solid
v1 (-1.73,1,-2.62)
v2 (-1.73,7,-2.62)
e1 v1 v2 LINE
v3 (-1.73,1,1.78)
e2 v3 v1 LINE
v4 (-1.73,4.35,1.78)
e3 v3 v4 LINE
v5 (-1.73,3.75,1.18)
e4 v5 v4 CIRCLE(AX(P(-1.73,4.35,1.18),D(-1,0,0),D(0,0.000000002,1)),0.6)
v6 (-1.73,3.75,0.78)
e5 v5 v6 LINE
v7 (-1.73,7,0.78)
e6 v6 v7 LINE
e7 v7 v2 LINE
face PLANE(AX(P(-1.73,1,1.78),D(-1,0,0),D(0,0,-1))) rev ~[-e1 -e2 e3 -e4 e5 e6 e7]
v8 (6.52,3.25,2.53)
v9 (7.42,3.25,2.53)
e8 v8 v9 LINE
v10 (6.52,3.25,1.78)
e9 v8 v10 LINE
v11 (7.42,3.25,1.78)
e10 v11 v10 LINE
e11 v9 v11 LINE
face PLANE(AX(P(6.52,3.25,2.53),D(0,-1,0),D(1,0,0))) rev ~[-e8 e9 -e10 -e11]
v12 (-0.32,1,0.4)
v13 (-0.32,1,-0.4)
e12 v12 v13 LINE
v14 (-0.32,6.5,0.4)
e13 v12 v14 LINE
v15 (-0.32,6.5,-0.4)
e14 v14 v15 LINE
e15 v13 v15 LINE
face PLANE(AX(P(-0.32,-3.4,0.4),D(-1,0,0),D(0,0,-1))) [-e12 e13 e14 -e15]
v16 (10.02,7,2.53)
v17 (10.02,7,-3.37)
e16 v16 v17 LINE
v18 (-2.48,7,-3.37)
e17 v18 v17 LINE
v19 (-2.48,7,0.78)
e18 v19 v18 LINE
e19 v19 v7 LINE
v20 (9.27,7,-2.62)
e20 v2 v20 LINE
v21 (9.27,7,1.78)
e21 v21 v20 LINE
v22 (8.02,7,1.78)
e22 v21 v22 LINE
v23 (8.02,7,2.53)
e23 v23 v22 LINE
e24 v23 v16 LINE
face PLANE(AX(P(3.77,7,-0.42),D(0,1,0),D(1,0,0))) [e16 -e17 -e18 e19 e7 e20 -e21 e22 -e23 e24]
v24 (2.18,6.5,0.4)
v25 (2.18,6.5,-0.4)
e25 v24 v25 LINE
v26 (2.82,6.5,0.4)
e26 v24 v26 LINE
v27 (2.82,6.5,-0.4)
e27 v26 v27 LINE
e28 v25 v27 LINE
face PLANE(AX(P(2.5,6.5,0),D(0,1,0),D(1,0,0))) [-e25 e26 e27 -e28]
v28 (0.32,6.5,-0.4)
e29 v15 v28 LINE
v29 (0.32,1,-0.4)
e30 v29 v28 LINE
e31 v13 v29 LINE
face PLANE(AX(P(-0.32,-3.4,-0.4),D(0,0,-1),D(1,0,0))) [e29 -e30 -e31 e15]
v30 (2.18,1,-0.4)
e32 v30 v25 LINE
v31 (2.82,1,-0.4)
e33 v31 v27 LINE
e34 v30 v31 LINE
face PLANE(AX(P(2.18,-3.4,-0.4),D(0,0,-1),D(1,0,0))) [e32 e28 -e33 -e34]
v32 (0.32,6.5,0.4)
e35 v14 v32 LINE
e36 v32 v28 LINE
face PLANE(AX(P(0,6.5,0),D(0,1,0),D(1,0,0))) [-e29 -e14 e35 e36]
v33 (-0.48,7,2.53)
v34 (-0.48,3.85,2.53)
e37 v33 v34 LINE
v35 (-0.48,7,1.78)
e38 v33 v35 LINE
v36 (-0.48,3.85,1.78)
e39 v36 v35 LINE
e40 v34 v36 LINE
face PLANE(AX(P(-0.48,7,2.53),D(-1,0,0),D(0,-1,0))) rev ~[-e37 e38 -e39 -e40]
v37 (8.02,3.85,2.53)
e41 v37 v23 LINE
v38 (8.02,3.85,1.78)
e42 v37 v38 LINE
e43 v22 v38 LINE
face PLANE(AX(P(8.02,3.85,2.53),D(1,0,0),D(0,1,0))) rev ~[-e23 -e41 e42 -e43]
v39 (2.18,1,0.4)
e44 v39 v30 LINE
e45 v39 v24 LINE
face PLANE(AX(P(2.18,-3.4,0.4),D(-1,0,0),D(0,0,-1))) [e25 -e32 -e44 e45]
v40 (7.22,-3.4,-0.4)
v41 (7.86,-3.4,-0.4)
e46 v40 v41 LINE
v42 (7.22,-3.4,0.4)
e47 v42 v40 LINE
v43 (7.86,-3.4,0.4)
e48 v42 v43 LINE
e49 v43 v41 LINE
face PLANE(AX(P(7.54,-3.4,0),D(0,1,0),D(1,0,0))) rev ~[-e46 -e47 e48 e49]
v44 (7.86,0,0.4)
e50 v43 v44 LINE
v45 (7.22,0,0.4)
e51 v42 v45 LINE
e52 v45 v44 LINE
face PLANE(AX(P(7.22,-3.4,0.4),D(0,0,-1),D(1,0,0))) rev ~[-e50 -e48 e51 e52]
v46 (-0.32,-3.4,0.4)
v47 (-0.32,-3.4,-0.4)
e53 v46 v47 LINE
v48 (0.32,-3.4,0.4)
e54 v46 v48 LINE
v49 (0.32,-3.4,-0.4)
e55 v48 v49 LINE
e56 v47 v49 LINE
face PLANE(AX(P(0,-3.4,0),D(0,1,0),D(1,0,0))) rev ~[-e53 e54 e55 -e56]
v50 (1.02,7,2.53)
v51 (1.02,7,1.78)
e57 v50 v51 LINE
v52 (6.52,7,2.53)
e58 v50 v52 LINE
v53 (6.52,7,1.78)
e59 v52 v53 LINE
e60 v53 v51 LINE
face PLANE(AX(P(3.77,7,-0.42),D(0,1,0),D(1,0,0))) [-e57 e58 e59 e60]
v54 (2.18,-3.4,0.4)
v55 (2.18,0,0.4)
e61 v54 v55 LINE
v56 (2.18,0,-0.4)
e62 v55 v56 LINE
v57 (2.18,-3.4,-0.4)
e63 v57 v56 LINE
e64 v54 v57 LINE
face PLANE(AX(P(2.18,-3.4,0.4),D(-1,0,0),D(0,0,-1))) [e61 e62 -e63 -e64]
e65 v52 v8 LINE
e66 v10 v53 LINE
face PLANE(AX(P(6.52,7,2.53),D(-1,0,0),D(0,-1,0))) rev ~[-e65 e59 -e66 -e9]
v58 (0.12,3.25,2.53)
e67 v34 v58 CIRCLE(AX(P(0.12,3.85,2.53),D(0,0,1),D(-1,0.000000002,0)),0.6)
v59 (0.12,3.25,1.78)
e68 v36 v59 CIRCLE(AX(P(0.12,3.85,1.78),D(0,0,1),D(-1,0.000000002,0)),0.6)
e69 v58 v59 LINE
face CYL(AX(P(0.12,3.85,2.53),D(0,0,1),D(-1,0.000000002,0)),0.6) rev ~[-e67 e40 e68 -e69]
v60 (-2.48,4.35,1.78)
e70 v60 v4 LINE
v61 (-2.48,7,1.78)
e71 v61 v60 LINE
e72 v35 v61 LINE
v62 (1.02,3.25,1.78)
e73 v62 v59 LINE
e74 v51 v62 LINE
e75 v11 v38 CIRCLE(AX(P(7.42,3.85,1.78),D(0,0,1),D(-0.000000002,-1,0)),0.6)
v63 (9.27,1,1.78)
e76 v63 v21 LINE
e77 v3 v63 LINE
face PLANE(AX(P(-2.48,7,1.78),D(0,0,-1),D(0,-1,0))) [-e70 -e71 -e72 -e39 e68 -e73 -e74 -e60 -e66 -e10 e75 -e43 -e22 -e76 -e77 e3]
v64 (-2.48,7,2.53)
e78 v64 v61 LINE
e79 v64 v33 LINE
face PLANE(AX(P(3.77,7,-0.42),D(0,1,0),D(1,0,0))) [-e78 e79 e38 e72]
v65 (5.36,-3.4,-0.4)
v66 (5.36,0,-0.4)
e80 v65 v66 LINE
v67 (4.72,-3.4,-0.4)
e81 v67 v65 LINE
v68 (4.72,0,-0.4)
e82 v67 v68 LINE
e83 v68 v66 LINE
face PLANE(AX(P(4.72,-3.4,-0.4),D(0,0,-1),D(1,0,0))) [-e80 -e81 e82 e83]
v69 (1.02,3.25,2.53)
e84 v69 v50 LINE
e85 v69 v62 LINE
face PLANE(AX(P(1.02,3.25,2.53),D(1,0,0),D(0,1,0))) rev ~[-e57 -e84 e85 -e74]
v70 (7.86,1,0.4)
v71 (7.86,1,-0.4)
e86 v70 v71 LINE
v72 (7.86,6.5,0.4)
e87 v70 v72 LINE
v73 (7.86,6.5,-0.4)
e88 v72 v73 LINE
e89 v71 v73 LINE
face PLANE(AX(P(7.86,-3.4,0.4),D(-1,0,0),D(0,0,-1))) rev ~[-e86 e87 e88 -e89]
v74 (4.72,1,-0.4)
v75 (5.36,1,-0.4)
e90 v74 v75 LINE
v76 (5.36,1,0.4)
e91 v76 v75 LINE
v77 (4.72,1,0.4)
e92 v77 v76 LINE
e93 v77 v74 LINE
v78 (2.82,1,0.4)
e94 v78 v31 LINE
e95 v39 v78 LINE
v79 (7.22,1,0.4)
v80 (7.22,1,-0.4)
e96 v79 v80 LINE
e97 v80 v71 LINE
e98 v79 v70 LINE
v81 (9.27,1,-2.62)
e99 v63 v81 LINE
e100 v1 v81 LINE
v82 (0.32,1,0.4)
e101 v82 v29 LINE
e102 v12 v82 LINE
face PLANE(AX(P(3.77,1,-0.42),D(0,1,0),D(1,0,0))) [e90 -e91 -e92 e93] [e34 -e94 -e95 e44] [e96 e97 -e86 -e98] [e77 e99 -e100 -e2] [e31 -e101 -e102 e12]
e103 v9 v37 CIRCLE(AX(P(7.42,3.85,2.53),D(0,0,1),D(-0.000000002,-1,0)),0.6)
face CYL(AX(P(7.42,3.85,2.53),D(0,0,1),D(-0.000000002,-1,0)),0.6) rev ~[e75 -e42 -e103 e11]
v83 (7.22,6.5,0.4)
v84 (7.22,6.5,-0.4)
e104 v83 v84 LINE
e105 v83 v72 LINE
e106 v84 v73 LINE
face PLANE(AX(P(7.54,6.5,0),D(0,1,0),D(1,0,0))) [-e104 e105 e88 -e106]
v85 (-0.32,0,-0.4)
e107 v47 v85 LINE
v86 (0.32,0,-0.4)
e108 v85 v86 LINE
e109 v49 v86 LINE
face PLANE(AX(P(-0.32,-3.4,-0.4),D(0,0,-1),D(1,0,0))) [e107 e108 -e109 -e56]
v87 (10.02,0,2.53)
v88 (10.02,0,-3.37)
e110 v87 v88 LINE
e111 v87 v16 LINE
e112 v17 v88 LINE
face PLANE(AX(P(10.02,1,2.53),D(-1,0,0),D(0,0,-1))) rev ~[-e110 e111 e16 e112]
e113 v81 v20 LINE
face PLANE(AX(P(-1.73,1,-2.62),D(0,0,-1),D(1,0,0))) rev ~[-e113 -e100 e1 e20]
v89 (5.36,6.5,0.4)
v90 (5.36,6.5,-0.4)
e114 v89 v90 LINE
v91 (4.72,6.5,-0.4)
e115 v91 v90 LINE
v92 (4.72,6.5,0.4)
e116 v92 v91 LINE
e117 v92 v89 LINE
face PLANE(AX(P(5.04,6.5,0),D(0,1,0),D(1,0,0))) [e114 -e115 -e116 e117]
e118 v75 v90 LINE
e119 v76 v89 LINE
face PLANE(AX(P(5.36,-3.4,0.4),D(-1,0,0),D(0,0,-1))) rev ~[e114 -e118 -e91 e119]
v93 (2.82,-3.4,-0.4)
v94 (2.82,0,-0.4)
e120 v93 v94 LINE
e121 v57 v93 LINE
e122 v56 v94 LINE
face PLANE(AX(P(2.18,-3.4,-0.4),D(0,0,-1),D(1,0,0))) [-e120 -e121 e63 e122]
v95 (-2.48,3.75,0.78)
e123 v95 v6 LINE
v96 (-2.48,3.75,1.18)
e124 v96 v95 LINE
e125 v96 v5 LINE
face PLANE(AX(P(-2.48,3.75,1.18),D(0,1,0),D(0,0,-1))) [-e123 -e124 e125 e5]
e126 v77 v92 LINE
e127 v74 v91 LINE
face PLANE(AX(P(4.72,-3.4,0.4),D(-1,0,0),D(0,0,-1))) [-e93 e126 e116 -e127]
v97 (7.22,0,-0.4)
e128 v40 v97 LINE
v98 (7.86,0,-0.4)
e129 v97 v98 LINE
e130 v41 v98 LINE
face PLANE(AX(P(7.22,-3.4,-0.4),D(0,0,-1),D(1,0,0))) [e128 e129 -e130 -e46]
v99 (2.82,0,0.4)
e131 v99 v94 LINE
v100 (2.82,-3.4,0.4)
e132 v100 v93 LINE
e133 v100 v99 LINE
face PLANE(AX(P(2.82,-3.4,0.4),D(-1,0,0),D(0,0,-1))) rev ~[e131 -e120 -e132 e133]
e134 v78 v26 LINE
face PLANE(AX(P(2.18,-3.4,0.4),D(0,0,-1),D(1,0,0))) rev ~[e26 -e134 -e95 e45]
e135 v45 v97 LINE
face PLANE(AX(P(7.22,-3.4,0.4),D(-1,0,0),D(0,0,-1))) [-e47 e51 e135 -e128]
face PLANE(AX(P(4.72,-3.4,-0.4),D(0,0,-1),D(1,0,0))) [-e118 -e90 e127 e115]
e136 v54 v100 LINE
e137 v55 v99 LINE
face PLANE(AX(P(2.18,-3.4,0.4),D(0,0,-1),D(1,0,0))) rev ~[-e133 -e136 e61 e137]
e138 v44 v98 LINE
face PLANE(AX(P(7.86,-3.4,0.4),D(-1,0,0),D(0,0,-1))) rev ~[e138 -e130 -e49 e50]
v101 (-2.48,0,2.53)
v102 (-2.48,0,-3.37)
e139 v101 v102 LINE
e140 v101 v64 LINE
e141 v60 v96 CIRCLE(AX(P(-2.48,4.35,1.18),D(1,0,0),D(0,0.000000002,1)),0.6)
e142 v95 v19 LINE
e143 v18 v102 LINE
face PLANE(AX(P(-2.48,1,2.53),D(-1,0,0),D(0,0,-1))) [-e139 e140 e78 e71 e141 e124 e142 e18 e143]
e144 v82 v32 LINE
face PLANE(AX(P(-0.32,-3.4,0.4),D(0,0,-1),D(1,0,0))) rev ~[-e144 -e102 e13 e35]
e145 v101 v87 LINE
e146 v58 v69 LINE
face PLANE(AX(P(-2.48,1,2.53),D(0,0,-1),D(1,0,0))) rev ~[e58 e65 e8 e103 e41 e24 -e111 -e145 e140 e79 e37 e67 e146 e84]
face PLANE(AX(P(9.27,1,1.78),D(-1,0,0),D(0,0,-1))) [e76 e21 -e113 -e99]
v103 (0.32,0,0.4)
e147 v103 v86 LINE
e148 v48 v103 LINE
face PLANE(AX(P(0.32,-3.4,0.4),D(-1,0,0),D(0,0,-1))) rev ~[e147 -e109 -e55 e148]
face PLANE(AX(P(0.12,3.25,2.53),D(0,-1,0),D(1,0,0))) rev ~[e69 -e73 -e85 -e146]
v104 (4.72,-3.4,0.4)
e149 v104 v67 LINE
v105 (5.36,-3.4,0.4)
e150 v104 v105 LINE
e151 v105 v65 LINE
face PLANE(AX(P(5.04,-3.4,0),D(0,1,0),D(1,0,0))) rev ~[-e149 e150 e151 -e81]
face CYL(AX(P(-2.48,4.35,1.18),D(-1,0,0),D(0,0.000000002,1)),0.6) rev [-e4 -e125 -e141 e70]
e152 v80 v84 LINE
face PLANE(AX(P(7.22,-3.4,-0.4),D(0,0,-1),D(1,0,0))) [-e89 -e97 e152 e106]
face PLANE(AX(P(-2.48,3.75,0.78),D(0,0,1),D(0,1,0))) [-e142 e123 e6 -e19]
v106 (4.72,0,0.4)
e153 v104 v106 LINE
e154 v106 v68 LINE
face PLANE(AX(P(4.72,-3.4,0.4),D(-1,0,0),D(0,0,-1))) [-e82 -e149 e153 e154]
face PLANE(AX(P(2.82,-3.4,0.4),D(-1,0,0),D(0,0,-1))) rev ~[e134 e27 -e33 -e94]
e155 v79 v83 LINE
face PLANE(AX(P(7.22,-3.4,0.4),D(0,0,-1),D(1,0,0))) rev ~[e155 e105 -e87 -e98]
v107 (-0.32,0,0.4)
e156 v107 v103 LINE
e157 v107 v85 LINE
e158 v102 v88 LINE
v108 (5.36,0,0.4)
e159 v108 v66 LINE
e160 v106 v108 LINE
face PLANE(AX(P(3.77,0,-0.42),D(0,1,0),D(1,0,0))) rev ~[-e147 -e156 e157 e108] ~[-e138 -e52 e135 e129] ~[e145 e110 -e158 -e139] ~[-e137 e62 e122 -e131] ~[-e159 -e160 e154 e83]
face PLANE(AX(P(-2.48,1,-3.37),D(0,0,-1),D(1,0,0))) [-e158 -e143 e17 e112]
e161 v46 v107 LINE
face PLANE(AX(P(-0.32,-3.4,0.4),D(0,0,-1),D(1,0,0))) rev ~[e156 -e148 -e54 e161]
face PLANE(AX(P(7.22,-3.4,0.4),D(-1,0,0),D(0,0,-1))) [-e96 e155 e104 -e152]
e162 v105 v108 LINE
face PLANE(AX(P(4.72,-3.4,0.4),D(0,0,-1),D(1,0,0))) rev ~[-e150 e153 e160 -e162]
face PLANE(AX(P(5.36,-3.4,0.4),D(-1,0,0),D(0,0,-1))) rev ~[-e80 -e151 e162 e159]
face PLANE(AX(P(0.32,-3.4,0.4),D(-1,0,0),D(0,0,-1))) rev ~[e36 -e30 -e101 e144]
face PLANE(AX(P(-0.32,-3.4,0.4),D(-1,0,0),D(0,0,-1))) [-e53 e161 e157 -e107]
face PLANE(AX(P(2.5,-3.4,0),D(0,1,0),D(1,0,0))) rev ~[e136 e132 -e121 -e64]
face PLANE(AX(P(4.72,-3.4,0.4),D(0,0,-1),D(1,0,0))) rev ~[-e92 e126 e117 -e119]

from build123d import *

# Parameters (mm, degrees)
CROQUIS1_W                   = 12.5
CROQUIS1_H                   = 5.9
CROQUIS1_W_2                 = 0.64
CROQUIS1_H_2                 = 0.8
SALIENTE_EXTRUIR1_DEPTH      = 1
CROQUIS2_W                   = 12.5
CROQUIS2_H                   = 5.9
CROQUIS2_W_2                 = 11
CROQUIS2_H_2                 = 4.4
SALIENTE_EXTRUIR2_DEPTH      = 6
CORTAR_EXTRUIR1_DEPTH        = 9
CORTAR_EXTRUIR2_DEPTH        = 2
SALIENTE_EXTRUIR3_DEPTH      = 6.5
SALIENTE_EXTRUIR3_DEPTH_BACK = 3.4
CROQUIS5_W                   = 0.64
CROQUIS5_H                   = 0.8


with BuildPart() as part:
    # Croquis1 → Saliente-Extruir1 (new body)
    with BuildSketch(Plane(origin=(0, 0, 0), x_dir=(1, 0, 0), z_dir=(0, 1, 0))):
        with Locations((3.77, 0.42)):
            Rectangle(CROQUIS1_W, CROQUIS1_H)
        Rectangle(CROQUIS1_W_2, CROQUIS1_H_2, mode=Mode.SUBTRACT)
        with Locations((7.54, 0)):
            Rectangle(CROQUIS1_W_2, CROQUIS1_H_2, mode=Mode.SUBTRACT)
        with Locations((5.04, 0)):
            Rectangle(CROQUIS1_W_2, CROQUIS1_H_2, mode=Mode.SUBTRACT)
        with Locations((2.5, 0)):
            Rectangle(CROQUIS1_W_2, CROQUIS1_H_2, mode=Mode.SUBTRACT)
    extrude(amount=SALIENTE_EXTRUIR1_DEPTH)

    # Croquis2 → Saliente-Extruir2 (add)
    with BuildSketch(Plane(origin=(0, 1, 0), x_dir=(1, 0, 0), z_dir=(0, 1, 0))):
        with Locations((3.77, 0.42)):
            Rectangle(CROQUIS2_W, CROQUIS2_H)
        with Locations((3.77, 0.42)):
            Rectangle(CROQUIS2_W_2, CROQUIS2_H_2, mode=Mode.SUBTRACT)
    extrude(amount=SALIENTE_EXTRUIR2_DEPTH)

    # Croquis3 → Cortar-Extruir1 (cut)
    with BuildSketch(Plane.ZY.offset(2.48)):
        with BuildLine():
            Line((1.78, 7), (1.78, 4.35))
            ThreePointArc((1.78, 4.35), (1.604264069, 3.925735931), (1.18, 3.75))
            Line((1.18, 3.75), (0.78, 3.75))
            Line((0.78, 3.75), (0.78, 7))
            Line((0.78, 7), (1.78, 7))
        make_face()
    extrude(amount=-CORTAR_EXTRUIR1_DEPTH, mode=Mode.SUBTRACT)

    # Croquis4 → Cortar-Extruir2 (cut)
    with BuildSketch(Plane.XY.offset(2.53)):
        with BuildLine():
            Line((-0.48, 7), (-0.48, 3.85))
            ThreePointArc((-0.48, 3.85), (-0.304264069, 3.425735931), (0.12, 3.25))
            Line((0.12, 3.25), (1.02, 3.25))
            Line((1.02, 3.25), (1.02, 7))
            Line((1.02, 7), (-0.48, 7))
        make_face()
        with BuildLine():
            Line((8.02, 7), (6.52, 7))
            Line((6.52, 7), (6.52, 3.25))
            Line((6.52, 3.25), (7.42, 3.25))
            ThreePointArc((7.42, 3.25), (7.844264069, 3.425735931), (8.02, 3.85))
            Line((8.02, 3.85), (8.02, 7))
        make_face()
    extrude(amount=-CORTAR_EXTRUIR2_DEPTH, mode=Mode.SUBTRACT)

    # Croquis5 → Saliente-Extruir3 (add, two sides: drawn at the far end of the back side and taken through both)
    with BuildSketch(Plane(origin=(0, 0, 0), x_dir=(1, 0, 0), z_dir=(0, 1, 0)).offset(-SALIENTE_EXTRUIR3_DEPTH_BACK)):
        with Locations((7.54, 0)):
            Rectangle(CROQUIS5_W, CROQUIS5_H)
        Rectangle(CROQUIS5_W, CROQUIS5_H)
        with Locations((2.5, 0)):
            Rectangle(CROQUIS5_W, CROQUIS5_H)
        with Locations((5.04, 0)):
            Rectangle(CROQUIS5_W, CROQUIS5_H)
    extrude(amount=SALIENTE_EXTRUIR3_DEPTH + SALIENTE_EXTRUIR3_DEPTH_BACK)


solid = part.part
